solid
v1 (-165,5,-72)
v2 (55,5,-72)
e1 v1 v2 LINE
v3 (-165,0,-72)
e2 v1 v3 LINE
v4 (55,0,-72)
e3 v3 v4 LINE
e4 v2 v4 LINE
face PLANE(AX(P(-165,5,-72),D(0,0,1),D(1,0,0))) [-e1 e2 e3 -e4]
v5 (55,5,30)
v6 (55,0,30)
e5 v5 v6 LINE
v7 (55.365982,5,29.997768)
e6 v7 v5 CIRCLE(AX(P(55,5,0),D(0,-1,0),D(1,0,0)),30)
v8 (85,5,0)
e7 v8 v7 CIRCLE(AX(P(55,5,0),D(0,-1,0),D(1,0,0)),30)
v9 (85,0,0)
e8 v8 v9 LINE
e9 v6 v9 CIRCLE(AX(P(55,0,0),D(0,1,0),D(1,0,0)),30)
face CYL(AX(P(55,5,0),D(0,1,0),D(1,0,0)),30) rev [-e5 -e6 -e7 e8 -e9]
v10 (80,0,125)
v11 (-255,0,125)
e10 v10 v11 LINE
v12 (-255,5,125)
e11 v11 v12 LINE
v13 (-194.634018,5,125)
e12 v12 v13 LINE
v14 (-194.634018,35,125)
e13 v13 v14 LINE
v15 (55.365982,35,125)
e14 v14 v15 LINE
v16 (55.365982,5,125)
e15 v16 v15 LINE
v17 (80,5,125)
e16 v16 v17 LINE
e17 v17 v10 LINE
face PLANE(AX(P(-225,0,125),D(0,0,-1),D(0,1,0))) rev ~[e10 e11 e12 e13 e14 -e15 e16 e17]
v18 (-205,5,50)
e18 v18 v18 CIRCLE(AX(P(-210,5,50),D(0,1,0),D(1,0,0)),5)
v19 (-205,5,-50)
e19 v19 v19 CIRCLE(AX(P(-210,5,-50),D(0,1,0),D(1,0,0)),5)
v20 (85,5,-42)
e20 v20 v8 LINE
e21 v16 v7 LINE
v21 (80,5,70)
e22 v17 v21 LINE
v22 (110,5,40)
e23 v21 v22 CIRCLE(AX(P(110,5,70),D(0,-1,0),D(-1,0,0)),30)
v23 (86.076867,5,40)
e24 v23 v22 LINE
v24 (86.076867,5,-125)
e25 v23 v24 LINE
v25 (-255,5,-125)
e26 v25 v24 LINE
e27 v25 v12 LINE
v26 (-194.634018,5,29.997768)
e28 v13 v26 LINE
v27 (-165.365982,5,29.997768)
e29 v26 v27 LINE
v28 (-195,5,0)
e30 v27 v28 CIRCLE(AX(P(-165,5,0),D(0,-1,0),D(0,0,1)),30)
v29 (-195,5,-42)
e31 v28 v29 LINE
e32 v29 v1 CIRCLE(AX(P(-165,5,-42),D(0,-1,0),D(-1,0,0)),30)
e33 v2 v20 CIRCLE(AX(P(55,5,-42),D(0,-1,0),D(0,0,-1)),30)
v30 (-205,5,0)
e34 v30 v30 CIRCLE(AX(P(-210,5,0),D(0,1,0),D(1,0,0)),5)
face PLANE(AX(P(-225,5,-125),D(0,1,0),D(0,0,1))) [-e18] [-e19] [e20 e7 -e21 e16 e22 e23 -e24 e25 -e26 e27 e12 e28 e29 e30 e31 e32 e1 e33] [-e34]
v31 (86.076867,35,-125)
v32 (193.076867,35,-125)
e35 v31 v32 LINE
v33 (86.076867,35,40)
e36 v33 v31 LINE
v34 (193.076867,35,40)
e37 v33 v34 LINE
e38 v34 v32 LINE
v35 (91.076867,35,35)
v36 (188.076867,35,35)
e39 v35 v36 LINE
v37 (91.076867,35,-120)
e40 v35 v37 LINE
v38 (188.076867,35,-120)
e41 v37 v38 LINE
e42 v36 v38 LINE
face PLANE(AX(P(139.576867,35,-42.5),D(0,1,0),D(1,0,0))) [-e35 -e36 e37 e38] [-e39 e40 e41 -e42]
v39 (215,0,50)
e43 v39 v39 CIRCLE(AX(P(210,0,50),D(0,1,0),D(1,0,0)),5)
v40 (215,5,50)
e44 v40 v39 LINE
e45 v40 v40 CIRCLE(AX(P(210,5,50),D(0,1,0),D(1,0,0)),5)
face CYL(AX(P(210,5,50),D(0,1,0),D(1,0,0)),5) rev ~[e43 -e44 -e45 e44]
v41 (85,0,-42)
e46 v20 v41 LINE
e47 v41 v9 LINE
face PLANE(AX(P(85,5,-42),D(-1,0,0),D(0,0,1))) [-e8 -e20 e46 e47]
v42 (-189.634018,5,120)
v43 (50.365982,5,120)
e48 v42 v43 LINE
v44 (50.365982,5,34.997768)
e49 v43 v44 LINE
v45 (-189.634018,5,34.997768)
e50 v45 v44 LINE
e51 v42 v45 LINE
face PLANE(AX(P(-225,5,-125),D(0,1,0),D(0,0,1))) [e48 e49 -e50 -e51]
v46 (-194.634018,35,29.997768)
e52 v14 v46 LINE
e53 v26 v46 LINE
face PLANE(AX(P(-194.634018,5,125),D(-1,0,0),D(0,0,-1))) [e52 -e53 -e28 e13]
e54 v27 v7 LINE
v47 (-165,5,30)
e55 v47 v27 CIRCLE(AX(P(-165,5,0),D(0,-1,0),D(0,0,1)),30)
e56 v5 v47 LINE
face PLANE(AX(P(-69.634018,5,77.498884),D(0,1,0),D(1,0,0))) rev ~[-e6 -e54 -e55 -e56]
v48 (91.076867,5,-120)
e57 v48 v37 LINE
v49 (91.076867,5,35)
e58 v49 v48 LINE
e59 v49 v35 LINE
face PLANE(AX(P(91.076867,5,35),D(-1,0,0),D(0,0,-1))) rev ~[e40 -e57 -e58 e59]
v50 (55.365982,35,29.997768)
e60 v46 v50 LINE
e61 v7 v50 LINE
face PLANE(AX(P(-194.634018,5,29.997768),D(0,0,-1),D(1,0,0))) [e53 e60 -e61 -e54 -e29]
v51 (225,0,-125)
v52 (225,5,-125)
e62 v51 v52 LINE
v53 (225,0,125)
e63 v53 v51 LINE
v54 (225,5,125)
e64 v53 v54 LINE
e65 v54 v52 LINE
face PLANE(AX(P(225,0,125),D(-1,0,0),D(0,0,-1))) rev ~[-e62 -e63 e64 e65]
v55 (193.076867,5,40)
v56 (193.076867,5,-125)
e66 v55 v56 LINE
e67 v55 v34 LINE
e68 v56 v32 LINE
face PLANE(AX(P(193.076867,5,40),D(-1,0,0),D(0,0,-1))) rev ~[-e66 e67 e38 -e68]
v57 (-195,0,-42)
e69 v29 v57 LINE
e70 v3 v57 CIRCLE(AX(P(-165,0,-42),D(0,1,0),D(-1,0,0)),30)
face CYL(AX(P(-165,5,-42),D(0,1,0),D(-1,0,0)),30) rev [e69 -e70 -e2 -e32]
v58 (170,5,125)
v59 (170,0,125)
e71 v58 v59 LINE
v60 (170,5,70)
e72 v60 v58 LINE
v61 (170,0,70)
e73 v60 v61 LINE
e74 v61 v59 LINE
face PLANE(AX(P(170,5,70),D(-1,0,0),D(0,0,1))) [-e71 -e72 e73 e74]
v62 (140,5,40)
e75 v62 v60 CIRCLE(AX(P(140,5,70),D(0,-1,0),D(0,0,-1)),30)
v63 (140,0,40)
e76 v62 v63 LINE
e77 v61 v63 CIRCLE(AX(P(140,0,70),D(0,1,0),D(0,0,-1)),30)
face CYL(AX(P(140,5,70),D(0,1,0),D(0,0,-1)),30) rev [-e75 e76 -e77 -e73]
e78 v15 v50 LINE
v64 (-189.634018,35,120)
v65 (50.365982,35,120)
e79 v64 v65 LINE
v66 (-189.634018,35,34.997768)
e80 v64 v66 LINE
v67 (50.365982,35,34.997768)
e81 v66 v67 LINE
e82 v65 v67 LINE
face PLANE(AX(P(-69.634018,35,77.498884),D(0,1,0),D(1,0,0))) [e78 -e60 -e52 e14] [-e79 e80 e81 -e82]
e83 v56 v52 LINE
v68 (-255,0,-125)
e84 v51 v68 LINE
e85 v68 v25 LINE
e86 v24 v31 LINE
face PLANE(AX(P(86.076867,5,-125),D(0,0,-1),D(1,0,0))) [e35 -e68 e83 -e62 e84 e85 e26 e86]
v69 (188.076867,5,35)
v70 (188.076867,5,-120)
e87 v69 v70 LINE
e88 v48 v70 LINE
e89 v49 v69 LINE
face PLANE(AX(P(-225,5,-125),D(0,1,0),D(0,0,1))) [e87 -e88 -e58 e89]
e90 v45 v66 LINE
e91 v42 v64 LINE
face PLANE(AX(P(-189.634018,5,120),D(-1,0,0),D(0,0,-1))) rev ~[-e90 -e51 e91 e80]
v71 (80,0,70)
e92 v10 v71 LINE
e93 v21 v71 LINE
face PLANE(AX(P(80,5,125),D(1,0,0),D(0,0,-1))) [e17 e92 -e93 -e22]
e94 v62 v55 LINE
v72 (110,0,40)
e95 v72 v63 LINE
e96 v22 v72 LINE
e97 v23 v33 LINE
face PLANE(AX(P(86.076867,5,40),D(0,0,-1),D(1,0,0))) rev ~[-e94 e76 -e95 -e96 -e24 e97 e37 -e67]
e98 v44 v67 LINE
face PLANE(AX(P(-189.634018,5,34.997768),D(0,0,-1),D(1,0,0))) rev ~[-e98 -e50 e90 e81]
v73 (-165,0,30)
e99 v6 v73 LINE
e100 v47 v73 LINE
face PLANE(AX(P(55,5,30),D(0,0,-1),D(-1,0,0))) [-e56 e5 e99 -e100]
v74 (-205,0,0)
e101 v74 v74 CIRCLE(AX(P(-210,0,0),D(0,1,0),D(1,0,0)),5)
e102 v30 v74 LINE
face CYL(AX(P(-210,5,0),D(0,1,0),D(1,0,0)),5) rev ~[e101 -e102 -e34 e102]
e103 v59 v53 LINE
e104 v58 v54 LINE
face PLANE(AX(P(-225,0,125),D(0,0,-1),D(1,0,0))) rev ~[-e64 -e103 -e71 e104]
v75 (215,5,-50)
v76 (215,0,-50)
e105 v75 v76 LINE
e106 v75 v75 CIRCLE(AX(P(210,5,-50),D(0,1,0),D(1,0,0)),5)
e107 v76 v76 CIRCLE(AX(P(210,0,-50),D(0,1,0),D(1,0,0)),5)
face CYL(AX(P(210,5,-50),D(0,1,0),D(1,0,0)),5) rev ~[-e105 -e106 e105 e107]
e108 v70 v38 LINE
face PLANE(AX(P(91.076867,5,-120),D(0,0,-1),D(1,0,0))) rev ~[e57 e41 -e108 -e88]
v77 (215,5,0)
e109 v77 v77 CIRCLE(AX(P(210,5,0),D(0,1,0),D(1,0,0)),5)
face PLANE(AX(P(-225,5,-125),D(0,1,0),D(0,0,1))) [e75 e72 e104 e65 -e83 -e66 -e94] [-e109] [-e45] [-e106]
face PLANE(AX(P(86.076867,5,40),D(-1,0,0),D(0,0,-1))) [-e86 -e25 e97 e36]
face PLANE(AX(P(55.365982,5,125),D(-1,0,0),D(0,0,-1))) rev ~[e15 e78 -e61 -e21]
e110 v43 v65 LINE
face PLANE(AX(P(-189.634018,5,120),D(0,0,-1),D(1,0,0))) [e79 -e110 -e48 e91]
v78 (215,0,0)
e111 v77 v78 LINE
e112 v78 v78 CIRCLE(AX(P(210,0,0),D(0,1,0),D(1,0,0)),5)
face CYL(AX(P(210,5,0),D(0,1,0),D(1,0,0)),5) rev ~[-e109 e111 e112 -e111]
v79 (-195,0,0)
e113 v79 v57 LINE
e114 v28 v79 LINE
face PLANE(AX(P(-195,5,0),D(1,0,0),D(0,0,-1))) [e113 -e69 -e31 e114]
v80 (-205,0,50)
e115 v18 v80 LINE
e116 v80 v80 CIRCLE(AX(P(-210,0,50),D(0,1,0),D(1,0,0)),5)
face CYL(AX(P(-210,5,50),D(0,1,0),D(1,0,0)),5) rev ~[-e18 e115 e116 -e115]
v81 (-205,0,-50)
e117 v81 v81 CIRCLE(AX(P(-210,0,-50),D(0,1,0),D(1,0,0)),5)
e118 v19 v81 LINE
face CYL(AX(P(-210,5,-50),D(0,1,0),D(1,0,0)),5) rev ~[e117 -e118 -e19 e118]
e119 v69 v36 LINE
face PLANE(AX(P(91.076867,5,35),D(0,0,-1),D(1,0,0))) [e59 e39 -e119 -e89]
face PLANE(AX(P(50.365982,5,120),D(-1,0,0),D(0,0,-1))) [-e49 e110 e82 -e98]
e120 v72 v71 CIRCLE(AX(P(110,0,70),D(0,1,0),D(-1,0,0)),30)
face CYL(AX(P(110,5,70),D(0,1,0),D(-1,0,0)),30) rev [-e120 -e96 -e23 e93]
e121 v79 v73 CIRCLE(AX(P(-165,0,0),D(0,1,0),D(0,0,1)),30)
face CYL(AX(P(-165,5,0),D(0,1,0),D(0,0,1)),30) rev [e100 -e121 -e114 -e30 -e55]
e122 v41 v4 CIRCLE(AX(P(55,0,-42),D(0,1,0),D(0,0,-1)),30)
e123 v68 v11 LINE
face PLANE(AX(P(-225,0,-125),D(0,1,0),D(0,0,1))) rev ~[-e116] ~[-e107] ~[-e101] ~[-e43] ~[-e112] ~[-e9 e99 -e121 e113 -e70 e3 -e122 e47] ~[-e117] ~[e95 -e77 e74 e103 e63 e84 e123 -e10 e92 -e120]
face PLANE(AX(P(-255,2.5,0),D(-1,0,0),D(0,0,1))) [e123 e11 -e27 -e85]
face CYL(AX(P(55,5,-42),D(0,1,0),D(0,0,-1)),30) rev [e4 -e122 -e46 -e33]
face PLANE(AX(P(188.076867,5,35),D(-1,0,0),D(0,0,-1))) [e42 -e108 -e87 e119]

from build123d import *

# Parameters (mm, degrees)
SKETCH1_W           = 450
SKETCH1_H           = 250
BOSS_EXTRUDE1_DEPTH = 5
CUT_EXTRUDE1_DEPTH  = 10
SKETCH3_W           = 250
SKETCH3_H           = 5
BOSS_EXTRUDE2_DEPTH = 30
SKETCH4_R           = 5
CUT_EXTRUDE2_DEPTH  = 30
SKETCH5_W           = 107
SKETCH5_H           = 165
SKETCH5_W_2         = 97
SKETCH5_H_2         = 155
SKETCH5_W_3         = 250
SKETCH5_H_3         = 95.00223246
SKETCH5_W_4         = 240
SKETCH5_H_4         = 85.00223246
BOSS_EXTRUDE3_DEPTH = 30


with BuildPart() as part:
    # Sketch1 → Boss-Extrude1 (new body)
    with BuildSketch(Plane(origin=(0, 0, 0), x_dir=(1, 0, 0), z_dir=(0, 1, 0))):
        Rectangle(SKETCH1_W, SKETCH1_H)
    extrude(amount=BOSS_EXTRUDE1_DEPTH)

    # Sketch2 → Cut-Extrude1 (cut)
    with BuildSketch(Plane(origin=(0, 5, 0), x_dir=(1, 0, 0), z_dir=(0, 1, 0))):
        with BuildLine():
            Line((-165, 72), (55, 72))
            ThreePointArc((55, 72), (76.213203436, 63.213203436), (85, 42))
            Line((85, 42), (85, 0))
            ThreePointArc((85, 0), (76.213203436, -21.213203436), (55, -30))
            Line((55, -30), (-165, -30))
            ThreePointArc((-165, -30), (-186.213203436, -21.213203436), (-195, 0))
            Line((-195, 0), (-195, 42))
            ThreePointArc((-195, 42), (-186.213203436, 63.213203436), (-165, 72))
        make_face()
        with BuildLine():
            Line((110, -40), (140, -40))
            ThreePointArc((140, -40), (161.213203436, -48.786796564), (170, -70))
            Line((170, -70), (170, -125))
            Line((170, -125), (80, -125))
            Line((80, -125), (80, -70))
            ThreePointArc((80, -70), (88.786796564, -48.786796564), (110, -40))
        make_face()
    extrude(amount=-CUT_EXTRUDE1_DEPTH, mode=Mode.SUBTRACT)

    # Sketch3 → Boss-Extrude2 (add)
    with BuildSketch(Plane.ZY.offset(225)):
        with Locations((0, 2.5)):
            Rectangle(SKETCH3_W, SKETCH3_H)
    extrude(amount=BOSS_EXTRUDE2_DEPTH)

    # Sketch4 → Cut-Extrude2 (cut)
    with BuildSketch(Plane(origin=(0, 5, 0), x_dir=(1, 0, 0), z_dir=(0, 1, 0))):
        with Locations((210, 0)):
            Circle(SKETCH4_R)
        with Locations((210, 50)):
            Circle(SKETCH4_R)
        with Locations((210, -50)):
            Circle(SKETCH4_R)
        with Locations((-210, -50)):
            Circle(SKETCH4_R)
        with Locations((-210, 0)):
            Circle(SKETCH4_R)
        with Locations((-210, 50)):
            Circle(SKETCH4_R)
    extrude(amount=-CUT_EXTRUDE2_DEPTH, mode=Mode.SUBTRACT)

    # Sketch5 → Boss-Extrude3 (add)
    with BuildSketch(Plane(origin=(0, 5, 0), x_dir=(1, 0, 0), z_dir=(0, 1, 0))):
        with Locations((139.576867422, 42.5)):
            Rectangle(SKETCH5_W, SKETCH5_H)
        with Locations((139.576867422, 42.5)):
            Rectangle(SKETCH5_W_2, SKETCH5_H_2, mode=Mode.SUBTRACT)
        with Locations((-69.634018269, -77.49888377)):
            Rectangle(SKETCH5_W_3, SKETCH5_H_3)
        with Locations((-69.634018269, -77.49888377)):
            Rectangle(SKETCH5_W_4, SKETCH5_H_4, mode=Mode.SUBTRACT)
    extrude(amount=BOSS_EXTRUDE3_DEPTH)


solid = part.part
